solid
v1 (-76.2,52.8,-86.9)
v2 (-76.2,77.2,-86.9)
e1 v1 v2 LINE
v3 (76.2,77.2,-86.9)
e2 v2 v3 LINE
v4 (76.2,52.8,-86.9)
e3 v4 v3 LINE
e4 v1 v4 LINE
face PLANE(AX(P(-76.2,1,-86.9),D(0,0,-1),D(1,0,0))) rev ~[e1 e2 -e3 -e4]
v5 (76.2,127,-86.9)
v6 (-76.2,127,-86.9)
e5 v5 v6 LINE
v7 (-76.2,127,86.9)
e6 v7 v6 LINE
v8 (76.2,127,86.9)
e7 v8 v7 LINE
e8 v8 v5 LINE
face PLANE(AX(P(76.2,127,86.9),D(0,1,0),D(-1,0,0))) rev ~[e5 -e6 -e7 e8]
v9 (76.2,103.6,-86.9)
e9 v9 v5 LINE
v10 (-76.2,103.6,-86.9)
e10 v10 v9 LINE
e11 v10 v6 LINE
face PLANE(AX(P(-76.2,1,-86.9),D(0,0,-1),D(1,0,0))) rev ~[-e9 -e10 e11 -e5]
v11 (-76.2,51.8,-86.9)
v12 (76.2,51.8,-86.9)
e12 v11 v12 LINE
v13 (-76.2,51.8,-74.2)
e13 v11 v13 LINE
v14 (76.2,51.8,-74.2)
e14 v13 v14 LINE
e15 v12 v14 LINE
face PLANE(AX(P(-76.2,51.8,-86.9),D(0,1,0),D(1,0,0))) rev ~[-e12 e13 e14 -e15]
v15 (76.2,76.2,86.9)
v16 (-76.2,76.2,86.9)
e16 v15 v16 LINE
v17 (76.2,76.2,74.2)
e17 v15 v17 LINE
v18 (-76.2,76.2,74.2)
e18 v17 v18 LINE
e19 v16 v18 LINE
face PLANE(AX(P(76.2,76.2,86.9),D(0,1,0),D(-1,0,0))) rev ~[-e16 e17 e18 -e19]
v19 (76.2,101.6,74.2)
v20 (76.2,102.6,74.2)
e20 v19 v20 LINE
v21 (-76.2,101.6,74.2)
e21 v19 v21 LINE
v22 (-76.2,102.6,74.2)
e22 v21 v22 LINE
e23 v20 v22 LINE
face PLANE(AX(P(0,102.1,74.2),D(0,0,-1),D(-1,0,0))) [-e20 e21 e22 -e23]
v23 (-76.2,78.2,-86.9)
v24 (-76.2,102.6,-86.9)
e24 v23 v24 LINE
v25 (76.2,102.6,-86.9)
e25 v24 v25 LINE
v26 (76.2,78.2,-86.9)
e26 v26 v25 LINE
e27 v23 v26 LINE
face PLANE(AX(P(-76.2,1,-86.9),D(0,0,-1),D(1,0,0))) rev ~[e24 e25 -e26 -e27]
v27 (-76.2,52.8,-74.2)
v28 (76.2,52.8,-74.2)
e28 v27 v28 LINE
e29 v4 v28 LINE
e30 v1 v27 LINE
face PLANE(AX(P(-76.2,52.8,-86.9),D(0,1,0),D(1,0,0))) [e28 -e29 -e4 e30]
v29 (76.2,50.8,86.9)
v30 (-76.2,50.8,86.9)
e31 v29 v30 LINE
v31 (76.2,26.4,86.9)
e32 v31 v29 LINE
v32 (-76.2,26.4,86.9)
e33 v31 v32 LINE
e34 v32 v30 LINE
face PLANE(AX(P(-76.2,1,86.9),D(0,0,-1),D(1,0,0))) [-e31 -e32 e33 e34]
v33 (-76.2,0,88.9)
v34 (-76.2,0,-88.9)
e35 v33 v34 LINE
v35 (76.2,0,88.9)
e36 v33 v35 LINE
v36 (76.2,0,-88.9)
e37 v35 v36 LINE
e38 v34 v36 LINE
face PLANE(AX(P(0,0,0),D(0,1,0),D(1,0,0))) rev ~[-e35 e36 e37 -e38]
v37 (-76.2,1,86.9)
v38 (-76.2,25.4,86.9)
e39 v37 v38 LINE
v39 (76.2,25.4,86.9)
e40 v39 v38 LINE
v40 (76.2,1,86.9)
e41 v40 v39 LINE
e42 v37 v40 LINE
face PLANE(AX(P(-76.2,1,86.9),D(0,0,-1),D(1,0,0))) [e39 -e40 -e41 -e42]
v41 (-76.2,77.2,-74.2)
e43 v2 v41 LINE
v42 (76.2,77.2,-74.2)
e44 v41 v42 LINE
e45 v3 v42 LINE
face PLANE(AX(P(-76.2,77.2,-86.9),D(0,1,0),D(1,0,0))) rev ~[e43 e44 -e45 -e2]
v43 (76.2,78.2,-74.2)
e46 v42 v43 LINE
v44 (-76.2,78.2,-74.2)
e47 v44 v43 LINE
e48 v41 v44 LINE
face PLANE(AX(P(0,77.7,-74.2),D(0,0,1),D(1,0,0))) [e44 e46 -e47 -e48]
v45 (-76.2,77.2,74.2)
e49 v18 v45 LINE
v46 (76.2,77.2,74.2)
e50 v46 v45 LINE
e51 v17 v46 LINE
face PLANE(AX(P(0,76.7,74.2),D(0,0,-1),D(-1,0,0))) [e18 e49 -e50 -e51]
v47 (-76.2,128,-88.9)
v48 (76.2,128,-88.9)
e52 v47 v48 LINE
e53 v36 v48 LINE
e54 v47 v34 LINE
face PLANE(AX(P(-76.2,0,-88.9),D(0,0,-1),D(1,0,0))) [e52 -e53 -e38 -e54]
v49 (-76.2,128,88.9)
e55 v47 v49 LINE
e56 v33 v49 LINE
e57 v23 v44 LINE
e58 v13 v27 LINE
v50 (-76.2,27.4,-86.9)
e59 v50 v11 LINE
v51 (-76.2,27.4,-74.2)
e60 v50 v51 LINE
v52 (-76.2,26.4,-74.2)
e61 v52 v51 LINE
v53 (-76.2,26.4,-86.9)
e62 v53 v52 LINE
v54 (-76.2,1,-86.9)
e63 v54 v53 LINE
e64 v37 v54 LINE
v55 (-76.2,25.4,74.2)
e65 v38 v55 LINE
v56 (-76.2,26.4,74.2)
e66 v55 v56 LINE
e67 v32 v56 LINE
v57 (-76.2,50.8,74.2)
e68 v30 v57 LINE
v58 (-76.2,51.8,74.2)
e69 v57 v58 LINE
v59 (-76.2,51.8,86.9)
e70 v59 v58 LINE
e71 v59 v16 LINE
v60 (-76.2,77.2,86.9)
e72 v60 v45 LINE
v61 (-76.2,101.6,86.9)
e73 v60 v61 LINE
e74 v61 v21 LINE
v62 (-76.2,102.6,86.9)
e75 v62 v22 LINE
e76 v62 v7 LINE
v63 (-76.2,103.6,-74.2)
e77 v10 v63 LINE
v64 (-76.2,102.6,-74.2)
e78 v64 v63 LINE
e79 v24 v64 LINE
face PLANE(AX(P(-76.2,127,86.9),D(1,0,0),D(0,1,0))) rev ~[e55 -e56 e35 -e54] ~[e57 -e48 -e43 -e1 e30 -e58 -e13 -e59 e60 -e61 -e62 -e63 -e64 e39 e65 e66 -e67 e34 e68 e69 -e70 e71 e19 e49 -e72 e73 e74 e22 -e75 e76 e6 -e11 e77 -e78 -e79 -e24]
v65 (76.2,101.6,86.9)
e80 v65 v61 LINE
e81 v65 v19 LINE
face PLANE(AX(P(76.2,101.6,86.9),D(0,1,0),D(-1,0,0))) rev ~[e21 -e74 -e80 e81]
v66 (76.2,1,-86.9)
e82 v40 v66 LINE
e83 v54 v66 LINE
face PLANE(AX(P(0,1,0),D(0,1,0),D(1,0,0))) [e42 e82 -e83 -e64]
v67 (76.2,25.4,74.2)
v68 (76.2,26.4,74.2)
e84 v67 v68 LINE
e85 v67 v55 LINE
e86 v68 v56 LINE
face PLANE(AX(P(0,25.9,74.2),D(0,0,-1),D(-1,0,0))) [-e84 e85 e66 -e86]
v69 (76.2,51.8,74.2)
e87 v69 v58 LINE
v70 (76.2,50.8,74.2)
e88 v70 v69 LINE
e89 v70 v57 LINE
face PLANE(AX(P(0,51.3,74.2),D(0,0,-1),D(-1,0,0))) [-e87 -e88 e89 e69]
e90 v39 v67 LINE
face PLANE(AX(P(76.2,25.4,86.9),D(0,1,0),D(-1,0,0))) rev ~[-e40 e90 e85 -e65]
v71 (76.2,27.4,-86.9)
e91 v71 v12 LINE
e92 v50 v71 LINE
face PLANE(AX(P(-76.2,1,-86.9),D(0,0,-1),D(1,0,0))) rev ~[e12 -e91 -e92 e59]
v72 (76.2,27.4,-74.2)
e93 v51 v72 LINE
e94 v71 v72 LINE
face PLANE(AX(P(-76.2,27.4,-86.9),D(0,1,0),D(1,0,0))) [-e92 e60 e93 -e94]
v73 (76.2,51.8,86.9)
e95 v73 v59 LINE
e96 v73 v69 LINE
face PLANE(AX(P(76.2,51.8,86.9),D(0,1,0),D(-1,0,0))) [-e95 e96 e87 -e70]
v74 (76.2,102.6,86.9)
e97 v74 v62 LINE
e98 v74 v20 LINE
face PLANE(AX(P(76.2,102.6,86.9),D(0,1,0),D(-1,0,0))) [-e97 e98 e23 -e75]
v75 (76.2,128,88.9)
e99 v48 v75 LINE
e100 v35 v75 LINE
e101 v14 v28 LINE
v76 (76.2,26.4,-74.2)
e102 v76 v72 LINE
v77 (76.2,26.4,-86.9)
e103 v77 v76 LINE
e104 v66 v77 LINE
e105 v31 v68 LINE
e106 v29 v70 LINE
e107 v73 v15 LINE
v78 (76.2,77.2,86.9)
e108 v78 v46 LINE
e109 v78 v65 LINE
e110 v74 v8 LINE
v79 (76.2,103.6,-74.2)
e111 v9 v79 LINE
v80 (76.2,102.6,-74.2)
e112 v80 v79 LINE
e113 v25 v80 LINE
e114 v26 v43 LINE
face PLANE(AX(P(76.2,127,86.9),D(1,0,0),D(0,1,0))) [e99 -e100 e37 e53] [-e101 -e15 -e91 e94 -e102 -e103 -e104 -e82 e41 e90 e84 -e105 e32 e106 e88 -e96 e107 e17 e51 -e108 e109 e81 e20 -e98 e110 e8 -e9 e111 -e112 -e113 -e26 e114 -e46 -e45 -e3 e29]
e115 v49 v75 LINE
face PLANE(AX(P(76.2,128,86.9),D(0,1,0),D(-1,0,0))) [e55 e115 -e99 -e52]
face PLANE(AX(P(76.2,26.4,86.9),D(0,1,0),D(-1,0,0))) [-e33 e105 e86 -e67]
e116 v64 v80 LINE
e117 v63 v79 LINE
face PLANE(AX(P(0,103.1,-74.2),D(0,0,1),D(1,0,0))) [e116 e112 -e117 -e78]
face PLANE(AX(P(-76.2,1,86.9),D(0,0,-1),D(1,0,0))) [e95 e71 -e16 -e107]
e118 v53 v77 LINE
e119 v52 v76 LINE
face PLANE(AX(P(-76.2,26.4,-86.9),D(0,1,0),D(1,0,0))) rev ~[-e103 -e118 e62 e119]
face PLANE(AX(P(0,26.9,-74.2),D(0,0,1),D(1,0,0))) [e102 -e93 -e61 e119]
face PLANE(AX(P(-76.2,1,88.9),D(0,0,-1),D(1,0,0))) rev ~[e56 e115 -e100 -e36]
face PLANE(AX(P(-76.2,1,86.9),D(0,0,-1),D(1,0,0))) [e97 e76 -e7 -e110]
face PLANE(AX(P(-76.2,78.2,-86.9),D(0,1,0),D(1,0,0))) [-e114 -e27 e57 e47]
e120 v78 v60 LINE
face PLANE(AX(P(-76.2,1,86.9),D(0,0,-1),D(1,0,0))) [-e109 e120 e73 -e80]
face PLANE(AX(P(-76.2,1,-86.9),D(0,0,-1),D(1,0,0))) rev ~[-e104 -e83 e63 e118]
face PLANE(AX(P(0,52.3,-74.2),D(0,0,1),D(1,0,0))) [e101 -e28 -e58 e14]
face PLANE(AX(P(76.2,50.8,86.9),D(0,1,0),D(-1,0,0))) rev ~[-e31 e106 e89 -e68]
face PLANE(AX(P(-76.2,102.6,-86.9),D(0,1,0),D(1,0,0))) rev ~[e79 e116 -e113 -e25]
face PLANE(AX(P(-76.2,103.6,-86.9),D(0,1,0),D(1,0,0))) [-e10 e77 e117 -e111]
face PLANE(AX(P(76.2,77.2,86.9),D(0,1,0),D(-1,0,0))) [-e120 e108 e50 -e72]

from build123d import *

# Parameters (mm, degrees)
SKETCH1_W           = 152.4
SKETCH1_H           = 177.8
BOSS_EXTRUDE1_DEPTH = 1
SKETCH15_W          = 152.4
SKETCH15_H          = 2
EXTRUDE_THIN1_DEPTH = 127
SKETCH16_W          = 152.4
SKETCH16_H          = 1
EXTRUDE_THIN2_DEPTH = 12.7
SKETCH17_W          = 152.4
SKETCH17_H          = 1
EXTRUDE_THIN3_DEPTH = 12.7
SKETCH18_W          = 152.4
SKETCH18_H          = 1
EXTRUDE_THIN4_DEPTH = 173.8


with BuildPart() as part:
    # Sketch1 → Boss-Extrude1 (new body)
    with BuildSketch(Plane(origin=(0, 0, 0), x_dir=(1, 0, 0), z_dir=(0, 1, 0))):
        Rectangle(SKETCH1_W, SKETCH1_H)
    extrude(amount=BOSS_EXTRUDE1_DEPTH)

    # Sketch15 → Extrude-Thin1 (add)
    with BuildSketch(Plane(origin=(0, 1, 0), x_dir=(1, 0, 0), z_dir=(0, 1, 0))):
        with Locations((0, -87.9)):
            Rectangle(SKETCH15_W, SKETCH15_H)
        with Locations((0, 87.9)):
            Rectangle(SKETCH15_W, SKETCH15_H)
    extrude(amount=EXTRUDE_THIN1_DEPTH)

    # Sketch16 → Extrude-Thin2 (add)
    with BuildSketch(Plane(origin=(0, 0, 86.9), x_dir=(-1, 0, 0), z_dir=(0, 0, -1))):
        with Locations((0, 25.9)):
            Rectangle(SKETCH16_W, SKETCH16_H)
        with Locations((0, 51.3)):
            Rectangle(SKETCH16_W, SKETCH16_H)
        with Locations((0, 76.7)):
            Rectangle(SKETCH16_W, SKETCH16_H)
        with Locations((0, 102.1)):
            Rectangle(SKETCH16_W, SKETCH16_H)
    extrude(amount=EXTRUDE_THIN2_DEPTH)

    # Sketch17 → Extrude-Thin3 (add)
    with BuildSketch(Plane.XY.offset(-86.9)):
        with Locations((0, 26.9)):
            Rectangle(SKETCH17_W, SKETCH17_H)
        with Locations((0, 52.3)):
            Rectangle(SKETCH17_W, SKETCH17_H)
        with Locations((0, 77.7)):
            Rectangle(SKETCH17_W, SKETCH17_H)
        with Locations((0, 103.1)):
            Rectangle(SKETCH17_W, SKETCH17_H)
    extrude(amount=EXTRUDE_THIN3_DEPTH)

    # Sketch18 → Extrude-Thin4 (add)
    with BuildSketch(Plane(origin=(0, 0, 86.9), x_dir=(-1, 0, 0), z_dir=(0, 0, -1))):
        with Locations((0, 127.5)):
            Rectangle(SKETCH18_W, SKETCH18_H)
    extrude(amount=EXTRUDE_THIN4_DEPTH)


solid = part.part
